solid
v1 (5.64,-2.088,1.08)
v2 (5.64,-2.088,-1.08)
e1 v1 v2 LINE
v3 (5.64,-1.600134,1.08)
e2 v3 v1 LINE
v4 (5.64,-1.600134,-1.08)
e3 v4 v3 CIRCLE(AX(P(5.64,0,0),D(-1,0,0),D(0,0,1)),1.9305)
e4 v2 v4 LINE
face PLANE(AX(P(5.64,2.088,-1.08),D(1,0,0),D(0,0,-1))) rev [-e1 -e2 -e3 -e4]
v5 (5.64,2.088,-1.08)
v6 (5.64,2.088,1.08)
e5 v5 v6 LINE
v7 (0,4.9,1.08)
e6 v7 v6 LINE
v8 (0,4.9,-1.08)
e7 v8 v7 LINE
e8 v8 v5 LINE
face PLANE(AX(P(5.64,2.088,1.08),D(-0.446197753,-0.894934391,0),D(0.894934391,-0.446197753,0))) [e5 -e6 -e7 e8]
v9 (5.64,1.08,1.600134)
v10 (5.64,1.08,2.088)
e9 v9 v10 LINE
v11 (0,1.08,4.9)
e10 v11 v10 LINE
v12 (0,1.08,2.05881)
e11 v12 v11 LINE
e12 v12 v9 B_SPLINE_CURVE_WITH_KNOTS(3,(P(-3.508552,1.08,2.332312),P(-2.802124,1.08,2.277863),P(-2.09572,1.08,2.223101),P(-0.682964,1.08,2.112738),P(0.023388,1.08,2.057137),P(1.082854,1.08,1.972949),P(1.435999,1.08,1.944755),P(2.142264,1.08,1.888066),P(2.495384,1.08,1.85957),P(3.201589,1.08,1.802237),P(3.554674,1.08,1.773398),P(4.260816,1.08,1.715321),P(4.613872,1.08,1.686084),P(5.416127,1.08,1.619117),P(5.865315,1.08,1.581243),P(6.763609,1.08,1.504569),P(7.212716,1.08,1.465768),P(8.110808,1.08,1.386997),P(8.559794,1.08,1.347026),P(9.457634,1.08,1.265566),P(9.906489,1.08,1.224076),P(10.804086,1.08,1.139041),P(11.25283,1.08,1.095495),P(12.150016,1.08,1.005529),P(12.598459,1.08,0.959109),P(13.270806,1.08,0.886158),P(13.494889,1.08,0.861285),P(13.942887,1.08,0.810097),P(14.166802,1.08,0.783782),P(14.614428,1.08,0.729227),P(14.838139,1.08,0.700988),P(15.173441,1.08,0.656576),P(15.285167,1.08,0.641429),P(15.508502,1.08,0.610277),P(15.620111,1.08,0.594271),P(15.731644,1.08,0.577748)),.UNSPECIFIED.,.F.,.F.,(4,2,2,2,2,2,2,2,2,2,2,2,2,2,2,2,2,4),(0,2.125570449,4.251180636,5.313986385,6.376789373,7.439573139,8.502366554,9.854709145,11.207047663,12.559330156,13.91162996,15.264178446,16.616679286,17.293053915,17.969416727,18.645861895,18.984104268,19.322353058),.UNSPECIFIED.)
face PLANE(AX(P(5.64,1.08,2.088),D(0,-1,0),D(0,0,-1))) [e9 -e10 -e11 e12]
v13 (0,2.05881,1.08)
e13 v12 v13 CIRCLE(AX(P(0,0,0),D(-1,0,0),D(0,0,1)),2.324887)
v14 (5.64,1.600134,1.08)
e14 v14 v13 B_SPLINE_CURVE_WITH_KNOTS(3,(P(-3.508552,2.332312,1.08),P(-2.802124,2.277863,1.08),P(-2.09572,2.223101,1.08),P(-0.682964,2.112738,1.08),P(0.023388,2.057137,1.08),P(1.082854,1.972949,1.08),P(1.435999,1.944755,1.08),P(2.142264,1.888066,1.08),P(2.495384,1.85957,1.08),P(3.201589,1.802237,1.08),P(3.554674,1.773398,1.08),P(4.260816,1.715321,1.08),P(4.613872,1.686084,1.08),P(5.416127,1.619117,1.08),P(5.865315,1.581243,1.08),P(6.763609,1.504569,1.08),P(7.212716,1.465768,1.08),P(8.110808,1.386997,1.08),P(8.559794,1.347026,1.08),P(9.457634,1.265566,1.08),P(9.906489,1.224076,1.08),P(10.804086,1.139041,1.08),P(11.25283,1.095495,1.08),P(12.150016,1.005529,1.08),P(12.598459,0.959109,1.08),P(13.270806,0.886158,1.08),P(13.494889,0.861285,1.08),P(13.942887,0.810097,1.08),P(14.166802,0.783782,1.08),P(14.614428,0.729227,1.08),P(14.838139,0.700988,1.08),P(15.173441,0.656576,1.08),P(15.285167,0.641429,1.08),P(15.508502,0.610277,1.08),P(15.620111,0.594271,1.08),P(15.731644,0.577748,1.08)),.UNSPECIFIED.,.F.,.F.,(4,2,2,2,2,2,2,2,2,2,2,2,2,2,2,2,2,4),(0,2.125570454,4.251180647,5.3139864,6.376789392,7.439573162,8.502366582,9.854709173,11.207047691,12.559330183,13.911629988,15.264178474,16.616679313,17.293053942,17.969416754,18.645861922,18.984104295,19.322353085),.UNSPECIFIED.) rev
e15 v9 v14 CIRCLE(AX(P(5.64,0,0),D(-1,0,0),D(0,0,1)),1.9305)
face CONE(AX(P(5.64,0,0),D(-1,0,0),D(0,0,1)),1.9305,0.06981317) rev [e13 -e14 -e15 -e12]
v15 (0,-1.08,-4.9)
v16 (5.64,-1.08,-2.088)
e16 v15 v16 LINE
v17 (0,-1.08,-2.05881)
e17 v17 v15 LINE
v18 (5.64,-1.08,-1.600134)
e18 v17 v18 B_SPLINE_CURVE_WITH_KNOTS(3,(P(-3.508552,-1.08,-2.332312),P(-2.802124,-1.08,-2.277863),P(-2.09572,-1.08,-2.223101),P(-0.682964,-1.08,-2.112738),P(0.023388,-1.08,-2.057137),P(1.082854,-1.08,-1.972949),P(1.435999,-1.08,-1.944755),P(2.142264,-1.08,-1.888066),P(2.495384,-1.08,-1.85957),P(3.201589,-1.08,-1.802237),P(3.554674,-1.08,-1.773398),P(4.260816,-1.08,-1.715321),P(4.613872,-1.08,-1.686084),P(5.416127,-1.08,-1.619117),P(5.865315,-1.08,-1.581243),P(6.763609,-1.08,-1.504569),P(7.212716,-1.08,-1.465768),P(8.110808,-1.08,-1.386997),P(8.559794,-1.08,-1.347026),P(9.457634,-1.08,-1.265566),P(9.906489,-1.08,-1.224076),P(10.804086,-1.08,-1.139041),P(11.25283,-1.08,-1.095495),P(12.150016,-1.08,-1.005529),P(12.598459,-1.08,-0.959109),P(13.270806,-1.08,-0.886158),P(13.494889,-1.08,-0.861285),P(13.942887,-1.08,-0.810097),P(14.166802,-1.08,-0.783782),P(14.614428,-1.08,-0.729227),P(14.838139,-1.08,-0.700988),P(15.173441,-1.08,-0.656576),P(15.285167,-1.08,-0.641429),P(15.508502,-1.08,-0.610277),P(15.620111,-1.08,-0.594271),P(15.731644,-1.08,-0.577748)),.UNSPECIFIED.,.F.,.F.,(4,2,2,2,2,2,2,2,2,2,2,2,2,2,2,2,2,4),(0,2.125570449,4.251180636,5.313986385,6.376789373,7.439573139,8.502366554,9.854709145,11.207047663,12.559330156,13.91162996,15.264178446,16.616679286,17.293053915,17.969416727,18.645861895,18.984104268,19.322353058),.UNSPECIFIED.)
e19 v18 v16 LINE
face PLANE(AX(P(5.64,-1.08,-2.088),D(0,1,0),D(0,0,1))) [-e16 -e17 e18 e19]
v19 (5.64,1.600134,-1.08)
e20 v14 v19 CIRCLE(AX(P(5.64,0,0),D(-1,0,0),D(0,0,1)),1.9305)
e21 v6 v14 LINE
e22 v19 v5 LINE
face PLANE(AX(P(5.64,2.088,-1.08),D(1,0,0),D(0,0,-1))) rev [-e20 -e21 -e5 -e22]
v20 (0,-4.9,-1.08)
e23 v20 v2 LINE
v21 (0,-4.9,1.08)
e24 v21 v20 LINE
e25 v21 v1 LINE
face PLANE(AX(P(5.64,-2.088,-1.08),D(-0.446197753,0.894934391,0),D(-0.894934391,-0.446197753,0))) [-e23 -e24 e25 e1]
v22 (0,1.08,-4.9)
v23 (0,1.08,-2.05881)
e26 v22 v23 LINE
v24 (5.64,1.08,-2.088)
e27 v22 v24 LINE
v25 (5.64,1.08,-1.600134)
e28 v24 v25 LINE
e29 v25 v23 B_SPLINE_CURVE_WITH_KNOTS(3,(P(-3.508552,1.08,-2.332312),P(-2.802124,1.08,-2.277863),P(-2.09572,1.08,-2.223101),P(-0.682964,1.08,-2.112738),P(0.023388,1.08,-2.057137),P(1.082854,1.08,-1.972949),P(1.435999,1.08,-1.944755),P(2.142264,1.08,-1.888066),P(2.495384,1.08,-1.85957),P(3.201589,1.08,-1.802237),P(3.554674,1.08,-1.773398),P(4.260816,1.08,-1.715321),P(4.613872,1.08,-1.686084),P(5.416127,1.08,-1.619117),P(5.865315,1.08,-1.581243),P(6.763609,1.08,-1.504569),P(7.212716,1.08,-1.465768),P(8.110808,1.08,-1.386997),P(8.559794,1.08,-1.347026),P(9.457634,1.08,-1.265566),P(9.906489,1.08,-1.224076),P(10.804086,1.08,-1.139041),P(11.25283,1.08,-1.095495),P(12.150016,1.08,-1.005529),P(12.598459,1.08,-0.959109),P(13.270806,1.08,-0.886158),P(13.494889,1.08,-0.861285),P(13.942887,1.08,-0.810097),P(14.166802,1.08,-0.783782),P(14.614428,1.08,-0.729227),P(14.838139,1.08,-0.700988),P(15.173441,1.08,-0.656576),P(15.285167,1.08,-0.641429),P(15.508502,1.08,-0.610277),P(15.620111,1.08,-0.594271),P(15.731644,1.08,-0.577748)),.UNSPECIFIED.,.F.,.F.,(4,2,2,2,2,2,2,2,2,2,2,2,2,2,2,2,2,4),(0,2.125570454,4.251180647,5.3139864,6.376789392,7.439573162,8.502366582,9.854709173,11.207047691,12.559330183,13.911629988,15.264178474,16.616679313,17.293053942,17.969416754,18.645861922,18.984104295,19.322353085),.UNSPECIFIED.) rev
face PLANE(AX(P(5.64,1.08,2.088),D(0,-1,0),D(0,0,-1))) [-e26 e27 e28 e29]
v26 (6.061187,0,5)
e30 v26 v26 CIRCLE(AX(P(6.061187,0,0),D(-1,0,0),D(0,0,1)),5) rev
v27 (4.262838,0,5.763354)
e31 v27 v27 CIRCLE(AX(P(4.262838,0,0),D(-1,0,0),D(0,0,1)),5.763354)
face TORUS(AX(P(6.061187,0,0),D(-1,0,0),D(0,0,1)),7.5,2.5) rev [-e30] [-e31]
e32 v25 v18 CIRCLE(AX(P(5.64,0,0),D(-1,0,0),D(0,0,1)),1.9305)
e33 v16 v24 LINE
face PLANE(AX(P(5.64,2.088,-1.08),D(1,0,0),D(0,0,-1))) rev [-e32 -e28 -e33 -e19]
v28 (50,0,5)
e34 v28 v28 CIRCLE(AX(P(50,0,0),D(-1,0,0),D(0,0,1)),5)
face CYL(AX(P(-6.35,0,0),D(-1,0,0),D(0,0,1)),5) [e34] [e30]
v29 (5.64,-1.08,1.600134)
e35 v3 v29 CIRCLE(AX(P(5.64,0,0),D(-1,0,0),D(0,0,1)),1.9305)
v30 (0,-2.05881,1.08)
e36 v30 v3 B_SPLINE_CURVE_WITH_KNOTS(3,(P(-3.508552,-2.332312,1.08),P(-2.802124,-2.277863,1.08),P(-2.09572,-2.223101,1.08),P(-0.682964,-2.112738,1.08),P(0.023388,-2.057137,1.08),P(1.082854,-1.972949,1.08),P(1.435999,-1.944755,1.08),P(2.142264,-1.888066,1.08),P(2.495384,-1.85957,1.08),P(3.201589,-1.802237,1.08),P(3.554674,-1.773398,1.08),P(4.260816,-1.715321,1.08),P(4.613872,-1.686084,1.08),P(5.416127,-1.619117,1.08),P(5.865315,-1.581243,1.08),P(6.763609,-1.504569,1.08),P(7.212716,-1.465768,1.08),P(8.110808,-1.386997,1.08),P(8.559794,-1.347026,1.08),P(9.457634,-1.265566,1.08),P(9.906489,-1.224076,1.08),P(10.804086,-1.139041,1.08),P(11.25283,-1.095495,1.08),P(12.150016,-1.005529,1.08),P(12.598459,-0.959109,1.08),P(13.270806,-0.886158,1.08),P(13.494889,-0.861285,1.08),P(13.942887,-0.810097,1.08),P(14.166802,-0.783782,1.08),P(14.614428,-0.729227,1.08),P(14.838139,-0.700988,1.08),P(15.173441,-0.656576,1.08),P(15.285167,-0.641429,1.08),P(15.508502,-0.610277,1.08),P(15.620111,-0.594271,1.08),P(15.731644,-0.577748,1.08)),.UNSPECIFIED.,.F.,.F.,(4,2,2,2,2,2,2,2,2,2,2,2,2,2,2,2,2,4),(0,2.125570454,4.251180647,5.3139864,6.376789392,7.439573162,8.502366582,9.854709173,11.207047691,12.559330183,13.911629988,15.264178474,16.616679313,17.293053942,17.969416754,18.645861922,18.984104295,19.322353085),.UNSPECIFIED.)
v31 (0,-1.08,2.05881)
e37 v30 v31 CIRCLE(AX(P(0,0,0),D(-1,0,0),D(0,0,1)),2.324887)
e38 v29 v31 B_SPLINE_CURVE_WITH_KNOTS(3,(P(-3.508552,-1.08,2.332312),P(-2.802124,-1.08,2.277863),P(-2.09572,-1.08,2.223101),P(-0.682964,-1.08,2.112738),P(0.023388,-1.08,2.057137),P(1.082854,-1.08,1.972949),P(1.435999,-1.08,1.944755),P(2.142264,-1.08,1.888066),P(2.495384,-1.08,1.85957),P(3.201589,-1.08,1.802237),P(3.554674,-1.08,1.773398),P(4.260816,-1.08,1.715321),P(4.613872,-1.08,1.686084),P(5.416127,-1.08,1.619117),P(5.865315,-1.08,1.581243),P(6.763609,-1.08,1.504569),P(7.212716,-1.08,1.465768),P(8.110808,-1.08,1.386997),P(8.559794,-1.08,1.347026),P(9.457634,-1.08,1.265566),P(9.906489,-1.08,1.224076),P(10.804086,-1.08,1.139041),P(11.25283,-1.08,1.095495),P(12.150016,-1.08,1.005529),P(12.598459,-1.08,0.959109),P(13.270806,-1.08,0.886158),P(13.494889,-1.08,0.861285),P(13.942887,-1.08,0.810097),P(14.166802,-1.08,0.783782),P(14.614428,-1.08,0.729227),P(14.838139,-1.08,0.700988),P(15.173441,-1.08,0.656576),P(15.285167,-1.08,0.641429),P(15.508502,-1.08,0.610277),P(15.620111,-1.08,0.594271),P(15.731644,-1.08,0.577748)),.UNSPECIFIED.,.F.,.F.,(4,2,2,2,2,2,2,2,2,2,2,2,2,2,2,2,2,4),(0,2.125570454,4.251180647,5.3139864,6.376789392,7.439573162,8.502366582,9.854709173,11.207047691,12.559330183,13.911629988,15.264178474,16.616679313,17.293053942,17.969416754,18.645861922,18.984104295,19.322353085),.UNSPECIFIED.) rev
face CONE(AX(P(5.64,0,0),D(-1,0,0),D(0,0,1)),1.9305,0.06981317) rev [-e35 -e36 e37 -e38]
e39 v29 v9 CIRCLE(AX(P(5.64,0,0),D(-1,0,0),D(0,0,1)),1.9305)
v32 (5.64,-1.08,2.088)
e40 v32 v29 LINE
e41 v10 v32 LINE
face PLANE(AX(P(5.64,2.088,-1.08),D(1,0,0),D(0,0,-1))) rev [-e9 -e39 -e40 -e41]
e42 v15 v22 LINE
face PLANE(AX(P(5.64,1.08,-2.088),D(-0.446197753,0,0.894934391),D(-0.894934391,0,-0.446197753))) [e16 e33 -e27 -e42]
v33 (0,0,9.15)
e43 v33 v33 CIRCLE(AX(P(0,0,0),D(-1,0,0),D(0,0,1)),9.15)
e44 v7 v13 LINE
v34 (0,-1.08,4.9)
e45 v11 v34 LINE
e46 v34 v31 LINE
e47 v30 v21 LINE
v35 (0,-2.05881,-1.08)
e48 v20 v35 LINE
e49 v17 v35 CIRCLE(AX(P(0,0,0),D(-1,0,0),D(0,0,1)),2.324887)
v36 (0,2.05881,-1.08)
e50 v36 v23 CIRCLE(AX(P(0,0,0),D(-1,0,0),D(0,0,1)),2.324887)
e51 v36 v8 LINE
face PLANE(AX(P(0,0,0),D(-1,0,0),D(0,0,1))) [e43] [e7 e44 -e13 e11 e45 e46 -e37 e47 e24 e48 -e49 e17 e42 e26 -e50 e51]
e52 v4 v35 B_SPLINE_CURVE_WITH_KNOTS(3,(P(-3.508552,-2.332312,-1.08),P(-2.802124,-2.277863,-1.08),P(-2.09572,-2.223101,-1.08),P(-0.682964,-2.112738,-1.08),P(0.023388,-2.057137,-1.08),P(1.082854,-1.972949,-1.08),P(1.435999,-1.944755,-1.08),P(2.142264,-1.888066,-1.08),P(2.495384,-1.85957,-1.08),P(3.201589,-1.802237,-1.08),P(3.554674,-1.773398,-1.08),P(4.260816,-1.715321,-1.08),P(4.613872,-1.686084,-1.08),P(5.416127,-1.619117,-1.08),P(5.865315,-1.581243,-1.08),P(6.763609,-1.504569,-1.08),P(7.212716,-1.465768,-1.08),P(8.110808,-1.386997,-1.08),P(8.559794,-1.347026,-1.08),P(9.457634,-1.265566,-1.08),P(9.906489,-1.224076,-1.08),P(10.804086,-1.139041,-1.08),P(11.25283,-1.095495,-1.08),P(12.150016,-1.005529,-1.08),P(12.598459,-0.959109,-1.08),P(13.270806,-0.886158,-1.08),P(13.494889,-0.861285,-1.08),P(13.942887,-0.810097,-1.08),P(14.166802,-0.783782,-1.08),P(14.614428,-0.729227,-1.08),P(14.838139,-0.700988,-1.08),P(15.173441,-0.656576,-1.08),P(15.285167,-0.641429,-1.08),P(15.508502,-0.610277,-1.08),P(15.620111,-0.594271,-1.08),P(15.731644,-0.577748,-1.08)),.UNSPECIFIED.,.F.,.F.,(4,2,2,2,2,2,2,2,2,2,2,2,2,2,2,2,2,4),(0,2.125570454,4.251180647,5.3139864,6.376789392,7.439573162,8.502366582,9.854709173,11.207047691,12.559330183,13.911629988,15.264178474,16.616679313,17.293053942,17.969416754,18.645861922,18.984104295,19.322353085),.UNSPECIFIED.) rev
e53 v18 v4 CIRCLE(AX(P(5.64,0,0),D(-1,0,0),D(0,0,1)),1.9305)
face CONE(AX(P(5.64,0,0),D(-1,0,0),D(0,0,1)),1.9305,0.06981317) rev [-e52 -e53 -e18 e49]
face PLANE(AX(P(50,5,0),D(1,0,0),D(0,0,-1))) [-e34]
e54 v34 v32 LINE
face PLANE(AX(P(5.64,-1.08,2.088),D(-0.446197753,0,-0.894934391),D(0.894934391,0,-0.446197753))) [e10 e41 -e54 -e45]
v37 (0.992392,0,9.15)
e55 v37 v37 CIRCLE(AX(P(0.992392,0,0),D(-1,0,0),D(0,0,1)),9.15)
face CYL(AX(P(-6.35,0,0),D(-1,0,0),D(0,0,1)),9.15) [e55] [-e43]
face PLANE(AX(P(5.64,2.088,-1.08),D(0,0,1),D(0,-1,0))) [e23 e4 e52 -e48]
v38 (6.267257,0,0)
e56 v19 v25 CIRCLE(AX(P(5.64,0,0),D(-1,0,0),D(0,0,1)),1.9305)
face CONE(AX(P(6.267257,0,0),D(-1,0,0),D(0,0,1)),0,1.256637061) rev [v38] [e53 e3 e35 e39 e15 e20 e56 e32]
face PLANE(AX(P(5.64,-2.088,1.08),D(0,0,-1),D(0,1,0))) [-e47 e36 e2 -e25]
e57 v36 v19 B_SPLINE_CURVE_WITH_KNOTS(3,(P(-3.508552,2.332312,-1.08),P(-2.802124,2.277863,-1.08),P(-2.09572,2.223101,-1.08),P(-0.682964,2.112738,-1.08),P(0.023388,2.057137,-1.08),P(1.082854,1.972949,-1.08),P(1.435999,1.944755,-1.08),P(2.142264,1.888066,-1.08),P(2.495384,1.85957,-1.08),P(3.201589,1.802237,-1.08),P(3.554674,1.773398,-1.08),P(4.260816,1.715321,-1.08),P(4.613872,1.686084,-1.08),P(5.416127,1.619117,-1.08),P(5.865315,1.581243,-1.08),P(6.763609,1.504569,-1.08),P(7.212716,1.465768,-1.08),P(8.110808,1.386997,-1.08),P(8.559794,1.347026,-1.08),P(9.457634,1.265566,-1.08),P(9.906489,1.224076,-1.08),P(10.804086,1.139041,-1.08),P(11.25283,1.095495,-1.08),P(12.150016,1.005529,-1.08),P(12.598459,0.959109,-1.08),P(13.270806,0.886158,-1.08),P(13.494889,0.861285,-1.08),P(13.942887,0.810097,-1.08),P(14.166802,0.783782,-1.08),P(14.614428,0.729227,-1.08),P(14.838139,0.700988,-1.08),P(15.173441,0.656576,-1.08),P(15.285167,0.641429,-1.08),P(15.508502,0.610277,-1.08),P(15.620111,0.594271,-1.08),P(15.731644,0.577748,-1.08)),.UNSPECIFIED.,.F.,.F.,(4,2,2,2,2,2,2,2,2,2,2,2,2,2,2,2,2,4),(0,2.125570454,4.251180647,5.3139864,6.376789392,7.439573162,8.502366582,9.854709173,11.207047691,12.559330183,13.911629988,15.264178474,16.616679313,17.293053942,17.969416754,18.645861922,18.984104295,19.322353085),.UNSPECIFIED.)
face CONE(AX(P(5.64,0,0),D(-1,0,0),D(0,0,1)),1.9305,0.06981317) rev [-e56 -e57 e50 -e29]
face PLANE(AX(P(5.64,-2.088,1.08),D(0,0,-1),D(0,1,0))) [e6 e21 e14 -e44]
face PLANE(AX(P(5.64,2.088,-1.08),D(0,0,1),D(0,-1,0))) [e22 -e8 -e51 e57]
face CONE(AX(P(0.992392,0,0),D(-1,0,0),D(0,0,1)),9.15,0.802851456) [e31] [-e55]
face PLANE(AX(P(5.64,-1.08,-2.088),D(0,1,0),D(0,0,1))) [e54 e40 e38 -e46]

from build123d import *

# Parameters (mm, degrees)
FILLET1_R    = 2.5
SKETCH3_W    = 2.16
SKETCH3_H    = 9.8
SKETCH4_W    = 2.16
SKETCH4_H    = 4.176000402
RECPAT_COUNT = 2
RECPAT_ANGLE = 90


with BuildPart() as part:
    # BodySke → Base-Revolve (revolve)
    with BuildSketch(Plane.XY):
        Polygon((0, 0), (0, 9.15), (0.992391585, 9.15), (5, 5), (50, 5), (50, 0), align=None)
    revolve(axis=Axis((-6.35, 0, 0), (1, 0, 0)))

    # Fillet1
    fillet1_edges = [part.edges().sort_by_distance(p)[0] for p in [
        (5, -5, 0),
    ]]
    fillet(fillet1_edges, radius=FILLET1_R)

    # Sketch3 → Recess section 0
    with BuildSketch(Plane.ZY):
        Rectangle(SKETCH3_W, SKETCH3_H)
    # Sketch4 → Recess section 1
    with BuildSketch(Plane.ZY.offset(-5.64)):
        Rectangle(SKETCH4_W, SKETCH4_H)
    recess = loft(mode=Mode.SUBTRACT)

    # RecPat: Recess ×2 about axis
    recpat_axis = Axis((0, 0, 0), (1, 0, 0))
    for i in range(1, RECPAT_COUNT):
        add(recess.rotate(recpat_axis, i * RECPAT_ANGLE / (RECPAT_COUNT - 1)), mode=Mode.SUBTRACT)

    # RecCorSke → RecessCore (revolve, cut)
    with BuildSketch(Plane.XY):
        Polygon((0, 0), (0, 2.324887219), (5.64, 1.9305), (6.267257474, 0), align=None)
    revolve(axis=Axis((-3.175, 0, 0), (1, 0, 0)), mode=Mode.SUBTRACT)


solid = part.part
